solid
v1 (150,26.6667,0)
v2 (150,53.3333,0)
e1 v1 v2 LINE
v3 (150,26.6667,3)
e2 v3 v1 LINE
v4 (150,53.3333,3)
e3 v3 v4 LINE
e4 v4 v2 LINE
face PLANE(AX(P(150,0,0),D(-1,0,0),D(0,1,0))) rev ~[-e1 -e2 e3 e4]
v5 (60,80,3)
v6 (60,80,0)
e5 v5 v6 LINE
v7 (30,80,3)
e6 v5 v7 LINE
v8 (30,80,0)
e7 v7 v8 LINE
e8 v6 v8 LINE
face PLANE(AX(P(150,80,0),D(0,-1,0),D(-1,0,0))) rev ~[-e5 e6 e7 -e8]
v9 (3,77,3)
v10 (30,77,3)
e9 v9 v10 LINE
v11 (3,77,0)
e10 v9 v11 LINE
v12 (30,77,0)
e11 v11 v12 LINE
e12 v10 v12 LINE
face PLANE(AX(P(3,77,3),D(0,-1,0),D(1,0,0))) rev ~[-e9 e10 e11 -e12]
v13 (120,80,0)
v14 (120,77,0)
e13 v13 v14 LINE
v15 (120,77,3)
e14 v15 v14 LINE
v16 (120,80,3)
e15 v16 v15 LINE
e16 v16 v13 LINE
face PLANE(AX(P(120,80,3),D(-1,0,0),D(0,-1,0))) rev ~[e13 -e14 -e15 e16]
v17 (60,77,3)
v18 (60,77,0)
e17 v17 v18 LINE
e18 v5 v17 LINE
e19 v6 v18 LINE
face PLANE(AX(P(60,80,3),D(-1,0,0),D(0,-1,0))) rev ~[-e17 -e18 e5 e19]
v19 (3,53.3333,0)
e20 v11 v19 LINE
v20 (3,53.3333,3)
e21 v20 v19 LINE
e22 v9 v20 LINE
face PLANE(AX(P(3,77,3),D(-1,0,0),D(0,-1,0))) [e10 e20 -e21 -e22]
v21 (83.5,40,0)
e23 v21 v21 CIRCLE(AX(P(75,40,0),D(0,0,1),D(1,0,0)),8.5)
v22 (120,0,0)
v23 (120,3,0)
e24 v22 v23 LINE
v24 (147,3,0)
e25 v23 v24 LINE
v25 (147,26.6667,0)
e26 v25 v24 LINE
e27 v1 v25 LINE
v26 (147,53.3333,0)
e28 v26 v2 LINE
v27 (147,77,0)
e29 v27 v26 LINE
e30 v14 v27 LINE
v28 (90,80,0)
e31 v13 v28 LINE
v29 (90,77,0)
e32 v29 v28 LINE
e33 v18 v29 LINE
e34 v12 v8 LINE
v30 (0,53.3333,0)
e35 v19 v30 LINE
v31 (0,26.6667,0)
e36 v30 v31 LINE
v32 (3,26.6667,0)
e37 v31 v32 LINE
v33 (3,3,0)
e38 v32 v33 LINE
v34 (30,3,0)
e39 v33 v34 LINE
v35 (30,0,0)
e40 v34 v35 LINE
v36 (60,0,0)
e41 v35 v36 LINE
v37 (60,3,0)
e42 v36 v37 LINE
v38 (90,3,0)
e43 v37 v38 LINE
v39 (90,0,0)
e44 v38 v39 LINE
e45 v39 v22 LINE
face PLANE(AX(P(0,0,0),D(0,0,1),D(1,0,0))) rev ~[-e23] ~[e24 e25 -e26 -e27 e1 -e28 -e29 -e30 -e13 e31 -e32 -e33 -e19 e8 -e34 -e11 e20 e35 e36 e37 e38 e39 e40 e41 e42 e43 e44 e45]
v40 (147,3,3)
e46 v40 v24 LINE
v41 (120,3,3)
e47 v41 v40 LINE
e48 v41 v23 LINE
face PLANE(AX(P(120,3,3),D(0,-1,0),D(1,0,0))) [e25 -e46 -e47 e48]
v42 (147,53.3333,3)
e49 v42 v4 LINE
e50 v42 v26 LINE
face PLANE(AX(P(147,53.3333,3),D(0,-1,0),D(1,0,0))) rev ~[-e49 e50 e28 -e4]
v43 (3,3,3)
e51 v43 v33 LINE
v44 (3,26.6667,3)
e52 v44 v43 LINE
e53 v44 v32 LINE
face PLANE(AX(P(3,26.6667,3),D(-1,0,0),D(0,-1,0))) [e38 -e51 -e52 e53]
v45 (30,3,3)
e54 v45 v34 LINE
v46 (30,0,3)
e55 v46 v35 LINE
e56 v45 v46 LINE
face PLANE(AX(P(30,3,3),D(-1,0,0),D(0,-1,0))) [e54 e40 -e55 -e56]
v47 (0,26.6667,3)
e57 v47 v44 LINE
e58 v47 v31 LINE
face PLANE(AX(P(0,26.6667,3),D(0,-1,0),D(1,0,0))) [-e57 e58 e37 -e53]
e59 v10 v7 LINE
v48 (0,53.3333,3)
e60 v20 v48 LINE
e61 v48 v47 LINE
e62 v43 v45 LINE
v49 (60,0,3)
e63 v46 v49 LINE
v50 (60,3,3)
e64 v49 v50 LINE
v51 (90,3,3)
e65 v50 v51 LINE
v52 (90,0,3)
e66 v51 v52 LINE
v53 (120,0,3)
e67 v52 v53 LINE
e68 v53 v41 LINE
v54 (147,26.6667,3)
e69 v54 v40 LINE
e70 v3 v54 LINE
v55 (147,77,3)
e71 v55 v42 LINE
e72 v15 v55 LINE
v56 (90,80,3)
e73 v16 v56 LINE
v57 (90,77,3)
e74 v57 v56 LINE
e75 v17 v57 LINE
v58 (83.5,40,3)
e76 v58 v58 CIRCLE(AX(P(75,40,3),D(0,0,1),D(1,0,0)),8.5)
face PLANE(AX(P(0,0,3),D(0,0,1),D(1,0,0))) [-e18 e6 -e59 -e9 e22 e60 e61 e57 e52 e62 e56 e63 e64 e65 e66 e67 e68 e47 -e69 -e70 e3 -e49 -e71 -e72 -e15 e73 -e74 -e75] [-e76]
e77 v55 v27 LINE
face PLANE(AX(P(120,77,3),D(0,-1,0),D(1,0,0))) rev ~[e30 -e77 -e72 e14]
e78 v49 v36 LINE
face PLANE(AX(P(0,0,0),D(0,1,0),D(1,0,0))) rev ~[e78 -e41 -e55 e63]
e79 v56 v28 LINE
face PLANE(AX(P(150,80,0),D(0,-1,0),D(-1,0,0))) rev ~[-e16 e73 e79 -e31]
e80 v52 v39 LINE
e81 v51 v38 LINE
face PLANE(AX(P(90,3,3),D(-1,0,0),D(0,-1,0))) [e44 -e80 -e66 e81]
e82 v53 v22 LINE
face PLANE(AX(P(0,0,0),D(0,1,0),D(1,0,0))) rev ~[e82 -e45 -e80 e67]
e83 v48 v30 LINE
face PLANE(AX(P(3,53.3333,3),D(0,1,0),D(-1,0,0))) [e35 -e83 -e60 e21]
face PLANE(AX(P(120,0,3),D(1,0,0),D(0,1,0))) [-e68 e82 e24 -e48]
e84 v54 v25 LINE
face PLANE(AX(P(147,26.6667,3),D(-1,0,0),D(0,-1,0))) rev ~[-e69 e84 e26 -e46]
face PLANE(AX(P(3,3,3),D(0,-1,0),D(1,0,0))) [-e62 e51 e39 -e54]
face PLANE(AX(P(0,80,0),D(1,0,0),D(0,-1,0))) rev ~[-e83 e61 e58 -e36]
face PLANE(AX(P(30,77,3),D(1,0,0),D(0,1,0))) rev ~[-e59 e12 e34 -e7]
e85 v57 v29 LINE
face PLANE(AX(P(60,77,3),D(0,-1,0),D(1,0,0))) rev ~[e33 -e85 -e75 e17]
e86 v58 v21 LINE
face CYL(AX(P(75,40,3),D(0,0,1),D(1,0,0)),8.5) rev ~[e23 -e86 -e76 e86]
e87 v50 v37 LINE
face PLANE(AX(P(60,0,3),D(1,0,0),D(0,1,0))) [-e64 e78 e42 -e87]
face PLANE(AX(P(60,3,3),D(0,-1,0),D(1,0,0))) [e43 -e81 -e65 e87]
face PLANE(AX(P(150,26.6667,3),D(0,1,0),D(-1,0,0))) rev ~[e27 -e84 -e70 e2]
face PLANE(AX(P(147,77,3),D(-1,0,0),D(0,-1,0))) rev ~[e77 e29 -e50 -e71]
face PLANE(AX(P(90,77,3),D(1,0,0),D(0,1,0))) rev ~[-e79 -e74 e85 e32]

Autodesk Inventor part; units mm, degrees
ref_plane "YZ Plane" through (0, 0, 0) normal (1, 0, 0) x (0, 1, 0)
ref_plane "XZ Plane" through (0, 0, 0) normal (0, 1, 0) x (-1, 0, 0)
ref_plane "XY Plane" through (0, 0, 0) normal (0, 0, 1) x (1, 0, 0)
sketch "Sketch1" plane through (0, 0, 0) normal (0, 0, 1) x (1, 0, 0)
  line L0 (0, 0) -> (150, 0)
  line L1 (150, 0) -> (150, 80)
  line L2 (150, 80) -> (0, 80)
  line L3 (0, 80) -> (0, 0)
  dimension "d0" = 150
  dimension "d1" = 80
extrude "Extrusion1" add sketch "Sketch1" along normal blind 3
sketch "Sketch2" plane through (0, 0, 3) normal (0, 0, 1) x (1, 0, 0)
  line L0 (0, 80) -> (0, 0)
  line L1 (150, 0) -> (150, 80)
  line L2 (3, 80) -> (3, 53.3333)
  line L3 (3, 53.3333) -> (0, 53.3333)
  line L4 (0, 53.3333) -> (0, 26.6667)
  line L5 (0, 26.6667) -> (3, 26.6667)
  line L6 (3, 26.6667) -> (3, 0)
  line L7 (0, 80) -> (0, 53.3333)
  line L8 (0, 26.6667) -> (0, 0)
  line L9 (147, 80) -> (147, 53.3333)
  line L10 (147, 53.3333) -> (150, 53.3333)
  line L11 (150, 53.3333) -> (150, 26.6667)
  line L12 (150, 26.6667) -> (147, 26.6667)
  line L13 (147, 26.6667) -> (147, 0)
  line L14 (150, 0) -> (150, 26.6667)
  line L15 (150, 53.3333) -> (150, 80)
  line L16 (0, 26.6667) -> (0, 0)
  line L17 (0, 0) -> (0, 3)
  line L18 (0, 3) -> (30, 3)
  line L19 (30, 3) -> (30, 0)
  line L20 (30, 0) -> (60, 0)
  line L21 (0, 0) -> (150, 0)
  line L22 (60, 0) -> (60, 3)
  line L23 (60, 3) -> (90, 3)
  line L24 (90, 3) -> (90, 0)
  line L25 (90, 0) -> (120, 0)
  line L26 (120, 0) -> (120, 3)
  line L27 (120, 3) -> (150, 3)
  line L28 (0, 80) -> (0, 77)
  line L29 (0, 77) -> (30, 77)
  line L30 (30, 77) -> (30, 80)
  line L31 (60, 80) -> (60, 77)
  line L32 (30, 80) -> (60, 80)
  line L33 (0, 80) -> (150, 80)
  line L34 (60, 77) -> (90, 77)
  line L35 (90, 77) -> (90, 80)
  line L36 (120, 80) -> (120, 77)
  line L37 (120, 77) -> (150, 77)
  line L38 (90, 80) -> (120, 80)
  line L39 (0, 0) -> (30, 0)
  line L40 (0, 0) -> (150, 0) projected
  line L41 (120, 0) -> (150, 0)
  line L42 (150, 0) -> (150, 80) projected
  line L43 (150, 80) -> (120, 80)
  line L44 (150, 80) -> (0, 80) projected
  line L45 (30, 80) -> (0, 80)
  dimension "d4" = 3
  dimension "d5" = 26.6667
  dimension "d6" = 26.6667
  dimension "d7" = 3
  dimension "d8" = 26.6667
  dimension "d9" = 26.6667
  dimension "d10" = 3
  dimension "d11" = 30
  dimension "d12" = 30
  dimension "d13" = 30
  dimension "d14" = 30
extrude "Extrusion2" cut sketch "Sketch2" against normal blind 3 contours L33 L2 L29 L0 | L29 L2 L3 L0 | L33 L30 L29 L2 | L5 L6 L18 L0 | L33 L35 L34 L31 | L18 L6 L21 L0 | L18 L19 L21 L6 | L33 L9 L37 L36 | L33 L1 L37 L9 | L37 L1 L10 L9 | L22 L23 L24 L21 | L26 L27 L13 L21 | L1 L27 L13 L12 | L13 L27 L1 L21
sketch "Sketch3" plane through (0, 0, 3) normal (0, 0, 1) x (1, 0, 0)
  line L0 (60, 77) -> (90, 77) projected
  line L1 (90, 3) -> (60, 3) projected
  circle A0 centre (75, 40) radius 8.5
  point P0 (0, 0)
  dimension "d17" = 17
extrude "Extrusion3" cut sketch "Sketch3" against normal blind 3
properties part number "TAPA3"
